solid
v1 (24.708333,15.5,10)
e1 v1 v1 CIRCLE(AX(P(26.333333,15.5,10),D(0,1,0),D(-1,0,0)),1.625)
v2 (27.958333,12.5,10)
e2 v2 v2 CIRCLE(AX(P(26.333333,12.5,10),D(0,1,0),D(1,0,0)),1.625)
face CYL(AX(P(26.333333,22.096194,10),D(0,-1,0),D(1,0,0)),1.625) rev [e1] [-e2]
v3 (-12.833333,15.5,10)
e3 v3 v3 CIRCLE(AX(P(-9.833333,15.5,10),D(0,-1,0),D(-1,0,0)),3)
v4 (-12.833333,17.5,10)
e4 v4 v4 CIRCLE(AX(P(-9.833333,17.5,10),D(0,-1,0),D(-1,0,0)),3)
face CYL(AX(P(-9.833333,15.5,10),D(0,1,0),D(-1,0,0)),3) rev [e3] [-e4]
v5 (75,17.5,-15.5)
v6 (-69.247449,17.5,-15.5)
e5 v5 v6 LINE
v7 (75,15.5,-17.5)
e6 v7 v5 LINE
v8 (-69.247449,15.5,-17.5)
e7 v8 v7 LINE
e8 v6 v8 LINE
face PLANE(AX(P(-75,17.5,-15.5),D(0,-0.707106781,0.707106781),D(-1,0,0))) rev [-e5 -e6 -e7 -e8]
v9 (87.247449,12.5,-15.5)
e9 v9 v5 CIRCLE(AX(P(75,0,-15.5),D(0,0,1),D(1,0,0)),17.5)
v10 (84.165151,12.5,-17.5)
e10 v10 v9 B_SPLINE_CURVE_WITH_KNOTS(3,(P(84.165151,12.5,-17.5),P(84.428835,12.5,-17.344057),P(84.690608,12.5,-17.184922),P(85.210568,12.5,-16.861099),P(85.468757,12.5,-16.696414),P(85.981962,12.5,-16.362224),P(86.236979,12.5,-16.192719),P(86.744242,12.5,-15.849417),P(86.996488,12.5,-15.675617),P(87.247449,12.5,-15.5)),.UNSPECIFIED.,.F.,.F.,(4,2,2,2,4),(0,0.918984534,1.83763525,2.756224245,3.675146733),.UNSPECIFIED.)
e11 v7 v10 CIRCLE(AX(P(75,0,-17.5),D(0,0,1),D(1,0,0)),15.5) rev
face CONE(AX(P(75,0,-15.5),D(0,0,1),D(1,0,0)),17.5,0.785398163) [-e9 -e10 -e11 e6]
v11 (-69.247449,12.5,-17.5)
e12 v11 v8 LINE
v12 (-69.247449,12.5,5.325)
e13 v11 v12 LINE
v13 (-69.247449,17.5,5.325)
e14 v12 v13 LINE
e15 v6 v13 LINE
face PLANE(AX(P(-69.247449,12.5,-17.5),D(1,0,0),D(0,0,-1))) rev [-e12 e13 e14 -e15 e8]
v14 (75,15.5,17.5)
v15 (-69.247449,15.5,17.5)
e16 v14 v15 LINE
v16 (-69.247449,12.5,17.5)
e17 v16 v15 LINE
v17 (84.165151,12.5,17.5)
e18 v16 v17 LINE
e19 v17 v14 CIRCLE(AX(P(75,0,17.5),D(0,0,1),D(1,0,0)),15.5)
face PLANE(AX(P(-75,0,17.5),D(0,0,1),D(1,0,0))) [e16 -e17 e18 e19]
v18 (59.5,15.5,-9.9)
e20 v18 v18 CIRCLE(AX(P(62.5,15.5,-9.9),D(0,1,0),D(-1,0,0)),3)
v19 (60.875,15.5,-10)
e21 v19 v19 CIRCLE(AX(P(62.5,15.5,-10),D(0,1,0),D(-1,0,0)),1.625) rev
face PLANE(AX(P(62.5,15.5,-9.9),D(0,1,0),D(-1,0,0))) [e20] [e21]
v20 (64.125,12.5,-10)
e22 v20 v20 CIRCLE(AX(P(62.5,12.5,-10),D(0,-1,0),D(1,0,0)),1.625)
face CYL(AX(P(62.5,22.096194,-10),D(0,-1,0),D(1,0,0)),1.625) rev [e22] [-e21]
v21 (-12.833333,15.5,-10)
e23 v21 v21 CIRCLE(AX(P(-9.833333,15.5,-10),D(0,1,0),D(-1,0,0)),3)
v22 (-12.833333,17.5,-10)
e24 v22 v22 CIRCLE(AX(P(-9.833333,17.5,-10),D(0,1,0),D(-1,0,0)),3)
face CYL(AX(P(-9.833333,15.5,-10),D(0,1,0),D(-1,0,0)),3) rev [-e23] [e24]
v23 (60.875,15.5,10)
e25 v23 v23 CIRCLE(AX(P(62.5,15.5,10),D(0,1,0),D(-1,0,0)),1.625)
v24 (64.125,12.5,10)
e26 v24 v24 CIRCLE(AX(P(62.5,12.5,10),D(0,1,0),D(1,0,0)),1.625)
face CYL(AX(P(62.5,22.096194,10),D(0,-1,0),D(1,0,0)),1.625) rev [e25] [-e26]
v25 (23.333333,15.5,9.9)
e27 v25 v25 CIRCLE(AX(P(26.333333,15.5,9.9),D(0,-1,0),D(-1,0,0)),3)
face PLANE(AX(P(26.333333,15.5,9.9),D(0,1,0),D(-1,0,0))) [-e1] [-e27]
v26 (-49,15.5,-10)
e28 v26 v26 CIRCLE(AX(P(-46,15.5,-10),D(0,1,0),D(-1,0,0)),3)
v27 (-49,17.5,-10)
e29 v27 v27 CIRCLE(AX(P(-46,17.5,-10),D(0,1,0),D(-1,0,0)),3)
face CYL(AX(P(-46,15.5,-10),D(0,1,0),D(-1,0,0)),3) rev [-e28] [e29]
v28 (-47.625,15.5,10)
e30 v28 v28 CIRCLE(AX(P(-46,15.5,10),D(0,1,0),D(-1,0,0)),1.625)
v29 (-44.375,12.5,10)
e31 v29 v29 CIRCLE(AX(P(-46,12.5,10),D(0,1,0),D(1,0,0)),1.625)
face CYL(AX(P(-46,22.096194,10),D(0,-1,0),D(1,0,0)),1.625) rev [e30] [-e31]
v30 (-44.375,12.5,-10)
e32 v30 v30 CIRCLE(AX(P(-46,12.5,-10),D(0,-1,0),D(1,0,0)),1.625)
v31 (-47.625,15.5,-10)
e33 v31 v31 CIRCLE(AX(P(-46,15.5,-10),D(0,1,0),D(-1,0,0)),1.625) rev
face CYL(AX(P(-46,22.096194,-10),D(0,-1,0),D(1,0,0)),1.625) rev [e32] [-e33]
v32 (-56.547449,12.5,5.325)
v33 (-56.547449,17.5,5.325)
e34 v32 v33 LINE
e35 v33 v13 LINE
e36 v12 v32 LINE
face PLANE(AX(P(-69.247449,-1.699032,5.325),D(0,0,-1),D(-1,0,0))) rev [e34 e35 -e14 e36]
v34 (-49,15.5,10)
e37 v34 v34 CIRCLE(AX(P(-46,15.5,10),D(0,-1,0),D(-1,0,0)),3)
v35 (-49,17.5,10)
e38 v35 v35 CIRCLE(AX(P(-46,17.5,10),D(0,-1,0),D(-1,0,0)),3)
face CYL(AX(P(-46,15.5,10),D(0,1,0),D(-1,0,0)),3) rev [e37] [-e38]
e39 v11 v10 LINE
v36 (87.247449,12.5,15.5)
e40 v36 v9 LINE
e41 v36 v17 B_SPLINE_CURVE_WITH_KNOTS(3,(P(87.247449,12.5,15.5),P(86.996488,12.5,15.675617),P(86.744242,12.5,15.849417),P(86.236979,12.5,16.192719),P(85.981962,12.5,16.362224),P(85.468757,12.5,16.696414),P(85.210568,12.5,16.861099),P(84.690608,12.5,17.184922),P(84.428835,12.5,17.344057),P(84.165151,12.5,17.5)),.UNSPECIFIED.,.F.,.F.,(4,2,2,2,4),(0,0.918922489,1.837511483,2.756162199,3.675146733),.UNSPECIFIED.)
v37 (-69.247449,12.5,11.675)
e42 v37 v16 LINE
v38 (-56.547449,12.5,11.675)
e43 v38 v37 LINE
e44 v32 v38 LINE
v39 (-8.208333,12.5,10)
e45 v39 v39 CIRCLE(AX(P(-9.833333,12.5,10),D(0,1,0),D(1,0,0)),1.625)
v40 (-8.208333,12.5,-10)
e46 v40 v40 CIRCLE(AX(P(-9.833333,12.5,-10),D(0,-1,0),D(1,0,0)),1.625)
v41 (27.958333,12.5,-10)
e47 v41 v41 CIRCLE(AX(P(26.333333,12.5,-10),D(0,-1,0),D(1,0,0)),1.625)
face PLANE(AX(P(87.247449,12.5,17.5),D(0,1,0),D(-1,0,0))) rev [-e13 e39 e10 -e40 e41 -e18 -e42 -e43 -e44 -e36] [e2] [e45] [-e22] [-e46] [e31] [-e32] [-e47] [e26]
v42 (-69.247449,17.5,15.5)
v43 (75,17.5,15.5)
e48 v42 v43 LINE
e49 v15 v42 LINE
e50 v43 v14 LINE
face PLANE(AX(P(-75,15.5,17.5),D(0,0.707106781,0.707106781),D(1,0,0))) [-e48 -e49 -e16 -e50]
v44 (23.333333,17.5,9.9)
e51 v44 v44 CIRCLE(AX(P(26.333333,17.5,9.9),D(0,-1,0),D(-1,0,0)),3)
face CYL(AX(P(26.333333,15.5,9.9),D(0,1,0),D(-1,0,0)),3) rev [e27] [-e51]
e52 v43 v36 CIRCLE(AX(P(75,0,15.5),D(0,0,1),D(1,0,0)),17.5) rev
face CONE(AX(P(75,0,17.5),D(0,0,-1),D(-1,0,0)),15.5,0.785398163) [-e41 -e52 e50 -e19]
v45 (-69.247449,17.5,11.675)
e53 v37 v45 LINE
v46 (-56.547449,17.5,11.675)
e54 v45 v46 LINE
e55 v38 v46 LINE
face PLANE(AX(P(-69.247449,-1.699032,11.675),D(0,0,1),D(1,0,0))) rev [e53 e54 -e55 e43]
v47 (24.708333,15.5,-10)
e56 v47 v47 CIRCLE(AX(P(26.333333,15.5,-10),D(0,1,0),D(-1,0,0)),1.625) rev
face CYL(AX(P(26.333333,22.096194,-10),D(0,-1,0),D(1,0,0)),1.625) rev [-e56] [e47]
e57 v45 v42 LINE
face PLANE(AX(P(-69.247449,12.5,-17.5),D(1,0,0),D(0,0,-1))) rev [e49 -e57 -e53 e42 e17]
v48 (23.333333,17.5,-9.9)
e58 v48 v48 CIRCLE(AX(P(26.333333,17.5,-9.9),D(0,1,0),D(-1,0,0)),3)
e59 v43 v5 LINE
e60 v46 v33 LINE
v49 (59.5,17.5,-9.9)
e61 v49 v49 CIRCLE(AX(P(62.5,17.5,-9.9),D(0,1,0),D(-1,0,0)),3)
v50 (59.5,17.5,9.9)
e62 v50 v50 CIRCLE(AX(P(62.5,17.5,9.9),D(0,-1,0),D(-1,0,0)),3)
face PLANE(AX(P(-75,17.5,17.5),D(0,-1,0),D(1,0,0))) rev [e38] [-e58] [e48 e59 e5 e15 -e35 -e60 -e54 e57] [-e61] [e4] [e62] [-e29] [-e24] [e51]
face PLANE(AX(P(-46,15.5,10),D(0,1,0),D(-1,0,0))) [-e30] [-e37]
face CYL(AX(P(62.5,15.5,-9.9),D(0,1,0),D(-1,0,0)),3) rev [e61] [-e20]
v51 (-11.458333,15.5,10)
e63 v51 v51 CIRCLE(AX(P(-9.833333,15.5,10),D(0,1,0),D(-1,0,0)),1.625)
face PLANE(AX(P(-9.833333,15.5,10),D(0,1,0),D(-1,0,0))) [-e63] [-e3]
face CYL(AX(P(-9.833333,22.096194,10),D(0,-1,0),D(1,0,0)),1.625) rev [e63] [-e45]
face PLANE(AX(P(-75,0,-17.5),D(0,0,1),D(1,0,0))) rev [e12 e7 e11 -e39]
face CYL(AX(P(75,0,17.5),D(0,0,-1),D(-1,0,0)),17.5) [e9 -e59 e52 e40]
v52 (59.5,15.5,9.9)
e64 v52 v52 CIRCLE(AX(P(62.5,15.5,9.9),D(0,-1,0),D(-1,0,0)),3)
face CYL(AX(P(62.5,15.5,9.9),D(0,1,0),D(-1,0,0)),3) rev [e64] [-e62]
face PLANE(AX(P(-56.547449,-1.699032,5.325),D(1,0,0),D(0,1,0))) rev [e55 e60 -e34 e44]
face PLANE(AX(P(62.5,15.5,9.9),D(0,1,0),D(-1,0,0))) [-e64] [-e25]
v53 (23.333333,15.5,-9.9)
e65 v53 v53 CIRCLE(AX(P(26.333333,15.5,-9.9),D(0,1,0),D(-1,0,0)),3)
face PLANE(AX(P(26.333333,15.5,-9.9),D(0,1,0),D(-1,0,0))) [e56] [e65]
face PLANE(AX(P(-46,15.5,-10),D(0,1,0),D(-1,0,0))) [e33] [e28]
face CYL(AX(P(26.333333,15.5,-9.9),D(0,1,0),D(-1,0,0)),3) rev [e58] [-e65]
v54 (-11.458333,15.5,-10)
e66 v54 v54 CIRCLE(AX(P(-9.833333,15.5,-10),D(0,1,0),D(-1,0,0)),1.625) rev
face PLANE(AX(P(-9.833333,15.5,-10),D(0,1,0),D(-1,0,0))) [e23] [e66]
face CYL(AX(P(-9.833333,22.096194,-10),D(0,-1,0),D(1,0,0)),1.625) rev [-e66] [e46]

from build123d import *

# Parameters (mm, degrees)
BOSS_EXTRUDE1_DEPTH = 17.5
SKETCH2_W           = 18
SKETCH2_H           = 5
CUT_EXTRUDE1_DEPTH  = 17.5
SKETCH3_R           = 1.625
CUT_EXTRUDE2_DEPTH  = 5
SKETCH4_R           = 3
CUT_EXTRUDE3_DEPTH  = 2
CHAMFER1_SIZE       = 2
SKETCH5_W           = 12.7
SKETCH5_H           = 6.35
CUT_EXTRUDE4_DEPTH  = 5


with BuildPart() as part:
    # Sketch1 → Boss-Extrude1 (new, symmetric)
    with BuildSketch(Plane.XY):
        with BuildLine():
            Line((-75, 17.5), (75, 17.5))
            ThreePointArc((75, 17.5), (81.614378278, 16.201851746), (87.247448714, 12.5))
            Line((87.247448714, 12.5), (-87.247448714, 12.5))
            ThreePointArc((-87.247448714, 12.5), (-81.614378278, 16.201851746), (-75, 17.5))
        make_face()
    extrude(amount=BOSS_EXTRUDE1_DEPTH, both=True)

    # Sketch2 → Cut-Extrude1 (cut, symmetric)
    with BuildSketch(Plane.XY):
        with Locations((-78.247448714, 15)):
            Rectangle(SKETCH2_W, SKETCH2_H)
    extrude(amount=CUT_EXTRUDE1_DEPTH, both=True, mode=Mode.SUBTRACT)

    # Sketch3 → Cut-Extrude2 (cut)
    with BuildSketch(Plane.XZ.offset(-12.5)):
        with Locations((-46, -10)):
            Circle(SKETCH3_R)
        with Locations((-9.833333333, -10)):
            Circle(SKETCH3_R)
        with Locations((26.333333333, -10)):
            Circle(SKETCH3_R)
        with Locations((62.5, -10)):
            Circle(SKETCH3_R)
    cut_extrude2 = extrude(amount=-CUT_EXTRUDE2_DEPTH, mode=Mode.SUBTRACT)

    # Sketch4 → Cut-Extrude3 (cut)
    with BuildSketch(Plane(origin=(0, 17.5, 0), x_dir=(1, 0, 0), z_dir=(0, 1, 0))):
        with Locations(Location((62.5, 9.9, 0), (0, 0, 180))):
            Circle(SKETCH4_R)
        with Locations(Location((26.333333333, 9.9, 0), (0, 0, 180))):
            Circle(SKETCH4_R)
        with Locations(Location((-9.833333333, 10, 0), (0, 0, 180))):
            Circle(SKETCH4_R)
        with Locations(Location((-46, 10, 0), (0, 0, 180))):
            Circle(SKETCH4_R)
    cut_extrude3 = extrude(amount=-CUT_EXTRUDE3_DEPTH, mode=Mode.SUBTRACT)

    # Mirror1: Cut-Extrude2, Cut-Extrude3 across plane
    add(cut_extrude2.mirror(Plane.XY), mode=Mode.SUBTRACT)
    add(cut_extrude3.mirror(Plane.XY), mode=Mode.SUBTRACT)

    # Chamfer1
    chamfer1_edges = [part.edges().sort_by_distance(p)[0] for p in [
        (81.614378278, 16.201851746, 17.5),
        (2.876275643, 17.5, 17.5),
        (2.876275643, 17.5, -17.5),
        (81.614378278, 16.201851746, -17.5),
    ]]
    chamfer(chamfer1_edges, length=CHAMFER1_SIZE)

    # Sketch5 → Cut-Extrude4 (cut)
    with BuildSketch(Plane(origin=(0, 17.5, 0), x_dir=(1, 0, 0), z_dir=(0, 1, 0))):
        with Locations((-62.897448714, -8.5)):
            Rectangle(SKETCH5_W, SKETCH5_H)
    extrude(amount=-CUT_EXTRUDE4_DEPTH, mode=Mode.SUBTRACT)


solid = part.part
